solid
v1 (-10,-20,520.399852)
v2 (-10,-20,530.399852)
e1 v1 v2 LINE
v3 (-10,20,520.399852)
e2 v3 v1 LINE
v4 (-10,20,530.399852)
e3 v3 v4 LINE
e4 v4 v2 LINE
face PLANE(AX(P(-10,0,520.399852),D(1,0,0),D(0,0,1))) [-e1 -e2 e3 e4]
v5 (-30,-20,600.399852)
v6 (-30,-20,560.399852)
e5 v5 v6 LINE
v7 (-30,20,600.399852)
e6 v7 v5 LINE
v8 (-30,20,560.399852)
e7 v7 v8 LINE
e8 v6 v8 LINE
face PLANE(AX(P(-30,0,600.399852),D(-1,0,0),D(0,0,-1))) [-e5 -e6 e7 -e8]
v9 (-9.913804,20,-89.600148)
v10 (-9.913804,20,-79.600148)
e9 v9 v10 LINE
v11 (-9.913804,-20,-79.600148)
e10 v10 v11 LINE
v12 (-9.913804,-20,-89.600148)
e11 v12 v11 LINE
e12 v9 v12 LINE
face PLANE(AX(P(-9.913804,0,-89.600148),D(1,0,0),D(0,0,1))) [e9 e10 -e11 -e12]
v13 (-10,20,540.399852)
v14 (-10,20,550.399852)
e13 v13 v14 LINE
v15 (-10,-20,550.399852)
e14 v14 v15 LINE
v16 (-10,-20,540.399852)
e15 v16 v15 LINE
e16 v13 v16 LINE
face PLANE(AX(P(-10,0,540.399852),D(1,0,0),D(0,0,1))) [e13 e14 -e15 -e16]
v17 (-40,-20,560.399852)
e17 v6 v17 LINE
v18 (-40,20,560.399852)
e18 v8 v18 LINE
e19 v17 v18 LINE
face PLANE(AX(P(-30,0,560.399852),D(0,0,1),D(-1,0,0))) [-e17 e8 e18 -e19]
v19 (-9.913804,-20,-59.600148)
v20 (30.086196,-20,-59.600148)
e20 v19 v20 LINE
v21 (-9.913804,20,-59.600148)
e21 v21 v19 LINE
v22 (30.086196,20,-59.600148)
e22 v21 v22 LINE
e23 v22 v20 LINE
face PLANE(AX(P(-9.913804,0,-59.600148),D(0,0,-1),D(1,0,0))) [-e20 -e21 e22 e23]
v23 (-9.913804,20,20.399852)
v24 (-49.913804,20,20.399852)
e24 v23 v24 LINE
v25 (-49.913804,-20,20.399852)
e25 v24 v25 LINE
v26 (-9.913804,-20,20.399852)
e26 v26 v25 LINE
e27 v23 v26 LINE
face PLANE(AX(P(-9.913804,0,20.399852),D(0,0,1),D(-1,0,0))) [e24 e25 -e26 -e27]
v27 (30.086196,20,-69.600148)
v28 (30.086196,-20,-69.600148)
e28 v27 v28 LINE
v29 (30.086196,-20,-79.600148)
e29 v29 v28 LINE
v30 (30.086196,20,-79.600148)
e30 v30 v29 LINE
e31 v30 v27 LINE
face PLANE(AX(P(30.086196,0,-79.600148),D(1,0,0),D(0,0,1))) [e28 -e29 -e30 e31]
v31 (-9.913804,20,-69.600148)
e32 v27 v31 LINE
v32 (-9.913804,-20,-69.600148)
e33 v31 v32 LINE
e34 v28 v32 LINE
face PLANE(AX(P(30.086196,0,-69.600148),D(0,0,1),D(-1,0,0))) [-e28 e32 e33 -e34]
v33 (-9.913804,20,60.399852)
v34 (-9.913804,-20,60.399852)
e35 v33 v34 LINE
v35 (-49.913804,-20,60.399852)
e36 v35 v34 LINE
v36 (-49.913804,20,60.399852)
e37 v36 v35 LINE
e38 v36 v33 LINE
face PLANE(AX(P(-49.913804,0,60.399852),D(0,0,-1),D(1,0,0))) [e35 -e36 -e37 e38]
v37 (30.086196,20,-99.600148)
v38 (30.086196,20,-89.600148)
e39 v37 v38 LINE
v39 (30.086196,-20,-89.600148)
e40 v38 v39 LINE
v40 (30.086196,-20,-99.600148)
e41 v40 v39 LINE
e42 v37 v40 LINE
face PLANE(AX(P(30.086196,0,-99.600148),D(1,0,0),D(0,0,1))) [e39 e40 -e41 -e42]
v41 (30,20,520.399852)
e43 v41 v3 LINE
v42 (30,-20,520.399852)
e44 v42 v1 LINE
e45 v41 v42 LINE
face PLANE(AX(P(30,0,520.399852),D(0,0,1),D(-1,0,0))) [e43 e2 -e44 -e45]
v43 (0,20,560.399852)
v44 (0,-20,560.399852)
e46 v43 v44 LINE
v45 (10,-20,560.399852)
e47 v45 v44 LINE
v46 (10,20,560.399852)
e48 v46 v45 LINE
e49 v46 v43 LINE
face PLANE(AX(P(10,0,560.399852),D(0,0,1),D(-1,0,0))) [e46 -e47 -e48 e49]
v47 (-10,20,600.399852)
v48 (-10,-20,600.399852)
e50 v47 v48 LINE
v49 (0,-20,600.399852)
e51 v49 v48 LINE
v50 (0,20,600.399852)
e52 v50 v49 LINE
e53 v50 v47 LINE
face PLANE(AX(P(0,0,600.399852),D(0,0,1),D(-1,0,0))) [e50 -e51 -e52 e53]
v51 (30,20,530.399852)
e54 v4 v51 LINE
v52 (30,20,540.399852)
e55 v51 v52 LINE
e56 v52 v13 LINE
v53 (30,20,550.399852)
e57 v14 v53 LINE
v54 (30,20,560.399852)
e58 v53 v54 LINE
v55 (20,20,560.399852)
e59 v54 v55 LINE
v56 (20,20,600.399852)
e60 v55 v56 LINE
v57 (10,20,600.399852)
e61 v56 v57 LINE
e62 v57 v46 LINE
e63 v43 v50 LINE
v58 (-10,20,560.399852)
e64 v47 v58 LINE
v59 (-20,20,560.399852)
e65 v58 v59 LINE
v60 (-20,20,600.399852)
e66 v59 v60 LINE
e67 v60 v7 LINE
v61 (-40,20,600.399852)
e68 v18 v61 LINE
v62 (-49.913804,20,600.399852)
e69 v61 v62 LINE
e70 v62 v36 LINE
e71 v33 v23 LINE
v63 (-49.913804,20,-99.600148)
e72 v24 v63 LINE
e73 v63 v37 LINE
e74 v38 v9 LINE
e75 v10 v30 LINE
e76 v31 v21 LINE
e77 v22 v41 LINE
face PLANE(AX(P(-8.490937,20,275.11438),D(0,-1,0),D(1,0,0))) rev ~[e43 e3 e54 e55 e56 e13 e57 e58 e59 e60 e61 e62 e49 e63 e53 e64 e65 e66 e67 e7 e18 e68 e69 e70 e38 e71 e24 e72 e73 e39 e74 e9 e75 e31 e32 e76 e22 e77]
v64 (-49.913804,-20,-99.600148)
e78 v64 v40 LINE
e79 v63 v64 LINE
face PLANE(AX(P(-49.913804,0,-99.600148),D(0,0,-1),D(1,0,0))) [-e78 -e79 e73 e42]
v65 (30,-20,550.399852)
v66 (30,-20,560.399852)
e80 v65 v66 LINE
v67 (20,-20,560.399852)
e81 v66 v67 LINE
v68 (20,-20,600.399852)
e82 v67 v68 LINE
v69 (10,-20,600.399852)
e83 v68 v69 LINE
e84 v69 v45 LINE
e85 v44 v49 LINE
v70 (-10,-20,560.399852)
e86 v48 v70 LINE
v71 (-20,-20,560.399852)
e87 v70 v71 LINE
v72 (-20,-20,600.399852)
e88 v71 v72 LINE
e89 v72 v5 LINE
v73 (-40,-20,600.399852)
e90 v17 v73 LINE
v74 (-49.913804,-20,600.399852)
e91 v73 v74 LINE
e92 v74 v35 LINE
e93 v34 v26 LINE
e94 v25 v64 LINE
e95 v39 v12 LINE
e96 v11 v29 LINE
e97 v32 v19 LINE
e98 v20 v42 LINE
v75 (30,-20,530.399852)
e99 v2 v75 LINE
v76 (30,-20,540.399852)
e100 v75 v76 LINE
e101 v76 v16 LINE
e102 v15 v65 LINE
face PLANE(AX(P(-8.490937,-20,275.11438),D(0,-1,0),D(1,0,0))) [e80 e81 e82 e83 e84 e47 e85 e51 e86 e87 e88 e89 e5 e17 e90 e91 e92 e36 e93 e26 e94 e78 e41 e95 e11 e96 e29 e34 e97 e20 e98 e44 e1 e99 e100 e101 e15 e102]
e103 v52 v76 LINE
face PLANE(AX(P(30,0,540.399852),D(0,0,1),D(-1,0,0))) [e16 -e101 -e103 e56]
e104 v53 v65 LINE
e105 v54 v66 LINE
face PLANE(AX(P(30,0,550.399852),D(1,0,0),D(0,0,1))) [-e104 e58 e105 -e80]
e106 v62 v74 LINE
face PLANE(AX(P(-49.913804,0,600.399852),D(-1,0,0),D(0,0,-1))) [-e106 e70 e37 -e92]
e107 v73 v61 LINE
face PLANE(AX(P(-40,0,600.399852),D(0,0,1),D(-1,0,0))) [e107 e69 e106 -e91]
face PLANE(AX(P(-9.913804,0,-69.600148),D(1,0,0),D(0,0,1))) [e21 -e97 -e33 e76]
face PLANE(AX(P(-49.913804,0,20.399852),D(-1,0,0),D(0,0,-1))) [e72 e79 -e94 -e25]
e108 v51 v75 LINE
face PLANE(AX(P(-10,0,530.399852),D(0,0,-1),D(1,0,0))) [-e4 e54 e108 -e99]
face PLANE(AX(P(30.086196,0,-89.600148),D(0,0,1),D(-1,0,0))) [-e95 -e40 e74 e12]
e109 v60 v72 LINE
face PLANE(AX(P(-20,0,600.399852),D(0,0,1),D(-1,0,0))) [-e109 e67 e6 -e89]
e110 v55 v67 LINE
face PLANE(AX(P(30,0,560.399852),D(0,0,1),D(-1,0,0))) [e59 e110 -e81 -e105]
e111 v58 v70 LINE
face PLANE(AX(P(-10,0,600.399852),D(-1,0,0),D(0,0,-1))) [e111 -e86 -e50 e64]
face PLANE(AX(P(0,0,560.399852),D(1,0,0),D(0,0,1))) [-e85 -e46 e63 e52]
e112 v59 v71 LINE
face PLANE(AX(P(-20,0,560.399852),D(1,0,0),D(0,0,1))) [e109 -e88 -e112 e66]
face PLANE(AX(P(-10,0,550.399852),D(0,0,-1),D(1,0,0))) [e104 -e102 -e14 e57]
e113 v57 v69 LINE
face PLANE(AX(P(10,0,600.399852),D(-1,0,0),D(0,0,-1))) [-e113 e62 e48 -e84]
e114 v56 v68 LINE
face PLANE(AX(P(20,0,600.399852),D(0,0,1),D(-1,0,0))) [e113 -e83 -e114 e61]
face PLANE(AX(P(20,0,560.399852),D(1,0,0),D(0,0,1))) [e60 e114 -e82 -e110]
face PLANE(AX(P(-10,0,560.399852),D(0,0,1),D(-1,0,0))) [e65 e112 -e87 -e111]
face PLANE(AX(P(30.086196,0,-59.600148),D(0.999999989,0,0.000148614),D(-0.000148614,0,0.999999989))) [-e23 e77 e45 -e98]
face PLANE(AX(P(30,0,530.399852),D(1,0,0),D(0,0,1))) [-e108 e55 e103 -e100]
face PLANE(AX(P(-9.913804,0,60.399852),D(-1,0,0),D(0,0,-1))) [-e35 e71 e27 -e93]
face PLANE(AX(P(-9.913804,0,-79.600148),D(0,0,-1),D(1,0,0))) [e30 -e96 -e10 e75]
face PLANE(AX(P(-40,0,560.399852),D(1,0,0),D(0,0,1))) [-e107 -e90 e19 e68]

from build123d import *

# Parameters (mm, degrees)
F1_DEPTH = 20


with BuildPart() as f1:
    # F0 (on Front) → F1 (new body, symmetric)
    with BuildSketch(Plane.XZ):
        Polygon((-40, 600.399852), (-49.913804, 600.399852), (-49.913804, 60.399852), (-9.913804, 60.399852), (-9.913804, 20.399852), (-49.913804, 20.399852), (-49.913804, -99.600148), (30.086196, -99.600148), (30.086196, -89.600148), (-9.913804, -89.600148), (-9.913804, -79.600148), (30.086196, -79.600148), (30.086196, -69.600148), (-9.913804, -69.600148), (-9.913804, -59.600148), (30.086196, -59.600148), (30, 520.399852), (-10, 520.399852), (-10, 530.399852), (30, 530.399852), (30, 540.399852), (-10, 540.399852), (-10, 550.399852), (30, 550.399852), (30, 560.399852), (20, 560.399852), (20, 600.399852), (10, 600.399852), (10, 560.399852), (0, 560.399852), (0, 600.399852), (-10, 600.399852), (-10, 560.399852), (-20, 560.399852), (-20, 600.399852), (-30, 600.399852), (-30, 560.399852), (-40, 560.399852), align=None)
    extrude(amount=F1_DEPTH, both=True)


solid = f1.part
